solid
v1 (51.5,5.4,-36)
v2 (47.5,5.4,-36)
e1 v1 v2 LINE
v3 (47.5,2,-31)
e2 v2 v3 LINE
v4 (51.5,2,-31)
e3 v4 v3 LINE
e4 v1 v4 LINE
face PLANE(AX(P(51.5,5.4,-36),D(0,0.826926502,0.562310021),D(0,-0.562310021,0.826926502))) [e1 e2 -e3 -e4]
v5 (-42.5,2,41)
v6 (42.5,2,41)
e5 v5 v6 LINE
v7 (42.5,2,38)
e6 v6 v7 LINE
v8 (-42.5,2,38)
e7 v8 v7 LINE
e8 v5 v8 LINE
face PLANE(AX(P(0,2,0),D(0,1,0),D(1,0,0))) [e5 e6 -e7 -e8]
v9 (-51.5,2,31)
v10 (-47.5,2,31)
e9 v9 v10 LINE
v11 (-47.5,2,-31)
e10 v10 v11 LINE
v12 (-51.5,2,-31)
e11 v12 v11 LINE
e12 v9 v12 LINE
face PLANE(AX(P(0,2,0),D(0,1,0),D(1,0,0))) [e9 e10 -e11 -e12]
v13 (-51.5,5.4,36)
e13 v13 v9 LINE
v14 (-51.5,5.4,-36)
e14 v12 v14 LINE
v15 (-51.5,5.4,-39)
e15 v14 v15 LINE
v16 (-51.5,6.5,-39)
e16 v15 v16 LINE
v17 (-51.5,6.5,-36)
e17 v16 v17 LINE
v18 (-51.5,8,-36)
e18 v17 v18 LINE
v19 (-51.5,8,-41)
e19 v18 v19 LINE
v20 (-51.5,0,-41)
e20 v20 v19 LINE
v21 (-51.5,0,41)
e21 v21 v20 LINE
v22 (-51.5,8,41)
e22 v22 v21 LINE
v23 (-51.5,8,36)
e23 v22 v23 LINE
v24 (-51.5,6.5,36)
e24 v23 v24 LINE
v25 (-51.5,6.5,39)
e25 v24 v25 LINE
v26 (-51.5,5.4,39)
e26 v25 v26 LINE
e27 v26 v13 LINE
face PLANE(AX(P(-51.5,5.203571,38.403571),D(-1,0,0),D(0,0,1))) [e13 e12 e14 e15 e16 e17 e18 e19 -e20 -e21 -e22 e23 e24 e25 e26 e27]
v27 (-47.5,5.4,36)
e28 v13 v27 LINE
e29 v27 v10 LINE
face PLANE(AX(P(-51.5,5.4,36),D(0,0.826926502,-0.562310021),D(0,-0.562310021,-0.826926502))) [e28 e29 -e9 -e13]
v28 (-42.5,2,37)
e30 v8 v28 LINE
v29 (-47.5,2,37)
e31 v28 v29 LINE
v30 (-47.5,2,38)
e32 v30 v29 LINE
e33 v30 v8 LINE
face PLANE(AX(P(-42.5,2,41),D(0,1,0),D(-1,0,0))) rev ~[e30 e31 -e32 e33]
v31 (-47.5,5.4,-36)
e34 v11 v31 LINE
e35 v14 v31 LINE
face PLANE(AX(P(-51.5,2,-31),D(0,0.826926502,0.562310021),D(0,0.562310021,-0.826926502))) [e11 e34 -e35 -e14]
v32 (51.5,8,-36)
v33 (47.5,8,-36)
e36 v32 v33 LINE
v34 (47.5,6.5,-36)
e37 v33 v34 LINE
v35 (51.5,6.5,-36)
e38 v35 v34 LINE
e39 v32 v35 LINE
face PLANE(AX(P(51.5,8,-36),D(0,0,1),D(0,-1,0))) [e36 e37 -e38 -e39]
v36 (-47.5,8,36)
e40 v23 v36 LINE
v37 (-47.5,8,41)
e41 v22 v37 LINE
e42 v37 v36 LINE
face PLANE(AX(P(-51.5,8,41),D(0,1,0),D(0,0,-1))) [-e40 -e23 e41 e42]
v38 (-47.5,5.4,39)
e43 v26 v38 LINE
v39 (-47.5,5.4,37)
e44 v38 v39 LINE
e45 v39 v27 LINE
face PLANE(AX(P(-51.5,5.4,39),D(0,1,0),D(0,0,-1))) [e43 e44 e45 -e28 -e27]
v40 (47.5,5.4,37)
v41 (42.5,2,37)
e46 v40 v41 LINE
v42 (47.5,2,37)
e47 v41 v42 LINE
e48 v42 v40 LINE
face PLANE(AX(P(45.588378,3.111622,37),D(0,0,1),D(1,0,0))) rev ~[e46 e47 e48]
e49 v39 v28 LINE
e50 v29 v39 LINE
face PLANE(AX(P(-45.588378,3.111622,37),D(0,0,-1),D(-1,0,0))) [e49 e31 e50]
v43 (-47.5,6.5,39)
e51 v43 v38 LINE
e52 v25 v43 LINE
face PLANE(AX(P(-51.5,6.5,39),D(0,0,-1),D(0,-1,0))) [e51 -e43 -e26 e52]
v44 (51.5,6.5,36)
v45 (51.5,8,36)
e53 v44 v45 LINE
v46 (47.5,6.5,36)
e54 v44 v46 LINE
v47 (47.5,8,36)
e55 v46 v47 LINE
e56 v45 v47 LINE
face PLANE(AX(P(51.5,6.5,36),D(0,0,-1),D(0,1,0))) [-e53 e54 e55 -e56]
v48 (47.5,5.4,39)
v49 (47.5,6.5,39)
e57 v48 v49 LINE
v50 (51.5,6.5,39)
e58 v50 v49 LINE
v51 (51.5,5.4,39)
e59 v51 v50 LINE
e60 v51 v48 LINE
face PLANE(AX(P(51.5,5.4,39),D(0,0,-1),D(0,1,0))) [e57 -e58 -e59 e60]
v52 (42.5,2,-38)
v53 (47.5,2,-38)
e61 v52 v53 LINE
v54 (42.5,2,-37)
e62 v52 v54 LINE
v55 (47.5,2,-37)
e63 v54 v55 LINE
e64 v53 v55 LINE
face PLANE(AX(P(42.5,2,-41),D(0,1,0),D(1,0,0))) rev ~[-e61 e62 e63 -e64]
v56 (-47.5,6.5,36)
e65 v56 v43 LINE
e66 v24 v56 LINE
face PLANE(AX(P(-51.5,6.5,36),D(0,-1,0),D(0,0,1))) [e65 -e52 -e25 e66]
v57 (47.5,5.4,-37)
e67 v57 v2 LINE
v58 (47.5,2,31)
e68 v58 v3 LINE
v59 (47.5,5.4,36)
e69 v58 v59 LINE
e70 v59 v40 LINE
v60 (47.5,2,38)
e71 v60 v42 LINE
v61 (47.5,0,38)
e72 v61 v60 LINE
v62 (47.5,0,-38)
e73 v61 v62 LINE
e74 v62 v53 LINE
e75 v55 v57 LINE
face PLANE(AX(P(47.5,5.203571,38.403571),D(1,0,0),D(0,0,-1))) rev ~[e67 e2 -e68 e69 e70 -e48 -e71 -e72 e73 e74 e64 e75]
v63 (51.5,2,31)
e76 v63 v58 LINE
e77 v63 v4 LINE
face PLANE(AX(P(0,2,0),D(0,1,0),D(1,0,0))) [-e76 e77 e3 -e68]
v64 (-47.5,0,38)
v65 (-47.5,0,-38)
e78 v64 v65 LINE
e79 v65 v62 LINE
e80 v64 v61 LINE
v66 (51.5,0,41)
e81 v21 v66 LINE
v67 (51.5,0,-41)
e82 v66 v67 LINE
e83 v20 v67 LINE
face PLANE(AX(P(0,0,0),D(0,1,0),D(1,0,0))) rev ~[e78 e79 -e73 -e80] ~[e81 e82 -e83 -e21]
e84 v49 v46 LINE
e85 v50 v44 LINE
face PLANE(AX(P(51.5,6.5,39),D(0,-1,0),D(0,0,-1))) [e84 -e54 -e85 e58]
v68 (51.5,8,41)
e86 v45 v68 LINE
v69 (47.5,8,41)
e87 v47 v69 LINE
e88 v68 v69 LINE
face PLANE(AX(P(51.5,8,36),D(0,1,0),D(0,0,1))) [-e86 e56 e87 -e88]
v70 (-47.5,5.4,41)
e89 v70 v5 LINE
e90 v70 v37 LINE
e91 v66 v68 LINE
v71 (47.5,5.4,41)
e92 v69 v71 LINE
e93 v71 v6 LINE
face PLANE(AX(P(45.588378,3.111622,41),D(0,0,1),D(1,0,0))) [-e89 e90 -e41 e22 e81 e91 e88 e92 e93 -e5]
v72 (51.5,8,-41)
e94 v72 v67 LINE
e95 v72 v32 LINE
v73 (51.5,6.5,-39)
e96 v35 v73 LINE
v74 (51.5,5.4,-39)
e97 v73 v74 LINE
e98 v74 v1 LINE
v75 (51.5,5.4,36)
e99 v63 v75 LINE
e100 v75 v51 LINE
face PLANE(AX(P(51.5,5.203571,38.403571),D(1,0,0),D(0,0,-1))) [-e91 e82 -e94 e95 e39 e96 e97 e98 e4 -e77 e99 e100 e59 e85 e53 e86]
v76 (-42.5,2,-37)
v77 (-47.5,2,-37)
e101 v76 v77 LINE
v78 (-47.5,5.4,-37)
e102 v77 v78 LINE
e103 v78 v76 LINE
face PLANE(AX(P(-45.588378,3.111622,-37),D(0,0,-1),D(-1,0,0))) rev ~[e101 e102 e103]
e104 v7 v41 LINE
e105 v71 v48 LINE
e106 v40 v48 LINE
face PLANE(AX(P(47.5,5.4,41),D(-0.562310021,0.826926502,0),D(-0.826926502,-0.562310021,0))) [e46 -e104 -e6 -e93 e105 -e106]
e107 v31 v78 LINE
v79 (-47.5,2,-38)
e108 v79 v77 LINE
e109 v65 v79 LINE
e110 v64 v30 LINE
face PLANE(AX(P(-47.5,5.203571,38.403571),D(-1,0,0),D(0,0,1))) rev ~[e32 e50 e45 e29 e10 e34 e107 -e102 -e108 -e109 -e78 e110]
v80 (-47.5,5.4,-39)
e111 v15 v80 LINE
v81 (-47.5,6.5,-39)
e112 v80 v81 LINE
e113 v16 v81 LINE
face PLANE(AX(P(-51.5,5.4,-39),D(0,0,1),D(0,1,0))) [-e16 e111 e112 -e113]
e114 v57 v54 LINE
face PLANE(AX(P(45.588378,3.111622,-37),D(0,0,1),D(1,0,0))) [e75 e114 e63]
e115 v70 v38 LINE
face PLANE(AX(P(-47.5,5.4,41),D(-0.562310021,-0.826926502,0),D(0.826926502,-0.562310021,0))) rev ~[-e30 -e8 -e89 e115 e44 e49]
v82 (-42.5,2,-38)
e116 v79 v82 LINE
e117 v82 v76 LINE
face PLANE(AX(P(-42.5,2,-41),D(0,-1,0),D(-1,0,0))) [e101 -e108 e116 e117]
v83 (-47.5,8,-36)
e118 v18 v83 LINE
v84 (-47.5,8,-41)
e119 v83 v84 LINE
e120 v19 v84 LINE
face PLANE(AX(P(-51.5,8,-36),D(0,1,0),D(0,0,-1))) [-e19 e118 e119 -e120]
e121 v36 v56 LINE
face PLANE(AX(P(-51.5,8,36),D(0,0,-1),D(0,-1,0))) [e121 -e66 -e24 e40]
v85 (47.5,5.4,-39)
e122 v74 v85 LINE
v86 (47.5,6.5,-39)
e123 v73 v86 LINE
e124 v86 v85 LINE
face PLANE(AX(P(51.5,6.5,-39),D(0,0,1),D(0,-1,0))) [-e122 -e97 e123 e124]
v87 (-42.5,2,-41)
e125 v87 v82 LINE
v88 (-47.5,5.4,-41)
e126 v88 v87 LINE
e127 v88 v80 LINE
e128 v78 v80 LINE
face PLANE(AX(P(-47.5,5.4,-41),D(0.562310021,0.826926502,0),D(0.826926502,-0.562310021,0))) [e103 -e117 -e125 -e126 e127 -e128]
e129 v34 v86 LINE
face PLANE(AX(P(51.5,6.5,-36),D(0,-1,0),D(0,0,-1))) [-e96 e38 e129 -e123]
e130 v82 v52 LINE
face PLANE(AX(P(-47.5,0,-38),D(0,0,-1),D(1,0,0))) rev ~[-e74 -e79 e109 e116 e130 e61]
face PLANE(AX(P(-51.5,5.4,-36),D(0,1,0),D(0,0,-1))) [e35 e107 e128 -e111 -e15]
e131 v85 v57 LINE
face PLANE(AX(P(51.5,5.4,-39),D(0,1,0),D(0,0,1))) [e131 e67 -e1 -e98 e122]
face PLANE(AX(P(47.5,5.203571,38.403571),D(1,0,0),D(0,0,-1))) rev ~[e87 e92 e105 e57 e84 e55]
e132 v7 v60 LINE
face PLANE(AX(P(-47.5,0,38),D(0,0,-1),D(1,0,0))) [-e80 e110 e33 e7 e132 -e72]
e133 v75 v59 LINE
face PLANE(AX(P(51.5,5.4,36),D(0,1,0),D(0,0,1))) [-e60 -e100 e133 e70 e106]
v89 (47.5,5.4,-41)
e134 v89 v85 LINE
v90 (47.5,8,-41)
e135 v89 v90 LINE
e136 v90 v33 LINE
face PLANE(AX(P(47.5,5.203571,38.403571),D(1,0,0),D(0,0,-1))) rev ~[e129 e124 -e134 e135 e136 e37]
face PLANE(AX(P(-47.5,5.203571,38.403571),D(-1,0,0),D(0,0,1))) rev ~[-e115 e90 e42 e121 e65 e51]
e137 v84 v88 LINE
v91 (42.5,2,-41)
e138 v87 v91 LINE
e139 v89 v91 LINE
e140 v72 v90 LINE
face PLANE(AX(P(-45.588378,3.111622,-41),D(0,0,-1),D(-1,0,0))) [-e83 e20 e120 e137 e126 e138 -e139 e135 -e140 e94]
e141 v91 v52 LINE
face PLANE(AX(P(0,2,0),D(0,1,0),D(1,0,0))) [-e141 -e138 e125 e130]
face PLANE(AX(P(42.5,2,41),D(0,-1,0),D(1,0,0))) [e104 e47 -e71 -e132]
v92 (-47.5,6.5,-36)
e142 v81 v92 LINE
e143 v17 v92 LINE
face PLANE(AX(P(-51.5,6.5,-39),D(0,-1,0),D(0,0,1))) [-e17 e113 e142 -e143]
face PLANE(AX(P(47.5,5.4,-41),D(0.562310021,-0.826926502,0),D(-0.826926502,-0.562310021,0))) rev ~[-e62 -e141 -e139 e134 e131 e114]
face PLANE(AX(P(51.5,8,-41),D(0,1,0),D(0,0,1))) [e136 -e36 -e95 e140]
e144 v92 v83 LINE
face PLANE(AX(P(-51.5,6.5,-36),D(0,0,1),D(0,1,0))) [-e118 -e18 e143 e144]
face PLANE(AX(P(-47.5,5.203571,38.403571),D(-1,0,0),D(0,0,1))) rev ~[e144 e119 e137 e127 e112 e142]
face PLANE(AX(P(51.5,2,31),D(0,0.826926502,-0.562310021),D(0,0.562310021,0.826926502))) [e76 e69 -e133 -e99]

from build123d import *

# Parameters (mm, degrees)
SKETCH_1_W       = 103
SKETCH_1_H       = 82
SKETCH_1_W_2     = 95
SKETCH_1_H_2     = 76
EXTRUDE_2_DEPTH  = 2
EXTRUDE_3_DEPTH  = 4
EXTRUDE_4_DEPTH  = 4
EXTRUDE_5_DEPTH  = 4
EXTRUDE_6_DEPTH  = 4
EXTRUDE_7_DEPTH  = 4
EXTRUDE_8_DEPTH  = 4
EXTRUDE_9_DEPTH  = 4
EXTRUDE_10_DEPTH = 4


with BuildPart() as part:
    # Эскиз1 → Бобышка-Вытянуть2 (new body)
    with BuildSketch(Plane(origin=(0, 0, 0), x_dir=(1, 0, 0), z_dir=(0, 1, 0))):
        Rectangle(SKETCH_1_W, SKETCH_1_H)
        Rectangle(SKETCH_1_W_2, SKETCH_1_H_2, mode=Mode.SUBTRACT)
    extrude(amount=EXTRUDE_2_DEPTH)

    # Эскиз6 → Бобышка-Вытянуть3 (add)
    with BuildSketch(Plane(origin=(51.5, 0, 0), x_dir=(0, 0, -1), z_dir=(1, 0, 0))):
        Polygon((31, 2), (36, 2), (36, 5.4), align=None)
        Polygon((36, 2), (41, 2), (41, 8), (36, 8), (36, 6.5), (39, 6.5), (39, 5.4), (36, 5.4), align=None)
    extrude(amount=-EXTRUDE_3_DEPTH)

    # Эскиз7 → Бобышка-Вытянуть4 (add)
    with BuildSketch(Plane(origin=(51.5, 0, 0), x_dir=(0, 0, -1), z_dir=(1, 0, 0))):
        Polygon((-41, 8), (-41, 2), (-36, 2), (-36, 5.4), (-39, 5.4), (-39, 6.5), (-36, 6.5), (-36, 8), align=None)
        Polygon((-36, 5.4), (-36, 2), (-31, 2), align=None)
    extrude(amount=-EXTRUDE_4_DEPTH)

    # Эскиз9 → Бобышка-Вытянуть5 (add)
    with BuildSketch(Plane.ZY.offset(51.5)):
        Polygon((-41, 8), (-41, 2), (-36, 2), (-36, 5.4), (-39, 5.4), (-39, 6.5), (-36, 6.5), (-36, 8), align=None)
        Polygon((-36, 5.4), (-36, 2), (-31, 2), align=None)
    extrude(amount=-EXTRUDE_5_DEPTH)

    # Эскиз10 → Бобышка-Вытянуть6 (add)
    with BuildSketch(Plane.ZY.offset(51.5)):
        Polygon((36, 2), (41, 2), (41, 8), (36, 8), (36, 6.5), (39, 6.5), (39, 5.4), (36, 5.4), align=None)
        Polygon((31, 2), (36, 2), (36, 5.4), align=None)
    extrude(amount=-EXTRUDE_6_DEPTH)

    # Эскиз11 → Бобышка-Вытянуть7 (add)
    with BuildSketch(Plane.XY.offset(41)):
        Polygon((-47.5, 2), (-47.5, 5.4), (-42.5, 2), align=None)
    extrude(amount=-EXTRUDE_7_DEPTH)

    # Эскиз12 → Бобышка-Вытянуть8 (add)
    with BuildSketch(Plane.XY.offset(41)):
        Polygon((47.5, 2), (47.5, 5.4), (42.5, 2), align=None)
    extrude(amount=-EXTRUDE_8_DEPTH)

    # Эскиз13 → Бобышка-Вытянуть9 (add)
    with BuildSketch(Plane(origin=(0, 0, -41), x_dir=(-1, 0, 0), z_dir=(0, 0, -1))):
        Polygon((-47.5, 2), (-47.5, 5.4), (-42.5, 2), align=None)
    extrude(amount=-EXTRUDE_9_DEPTH)

    # Эскиз14 → Бобышка-Вытянуть10 (add)
    with BuildSketch(Plane(origin=(0, 0, -41), x_dir=(-1, 0, 0), z_dir=(0, 0, -1))):
        Polygon((47.5, 2), (47.5, 5.4), (42.5, 2), align=None)
    extrude(amount=-EXTRUDE_10_DEPTH)


solid = part.part
